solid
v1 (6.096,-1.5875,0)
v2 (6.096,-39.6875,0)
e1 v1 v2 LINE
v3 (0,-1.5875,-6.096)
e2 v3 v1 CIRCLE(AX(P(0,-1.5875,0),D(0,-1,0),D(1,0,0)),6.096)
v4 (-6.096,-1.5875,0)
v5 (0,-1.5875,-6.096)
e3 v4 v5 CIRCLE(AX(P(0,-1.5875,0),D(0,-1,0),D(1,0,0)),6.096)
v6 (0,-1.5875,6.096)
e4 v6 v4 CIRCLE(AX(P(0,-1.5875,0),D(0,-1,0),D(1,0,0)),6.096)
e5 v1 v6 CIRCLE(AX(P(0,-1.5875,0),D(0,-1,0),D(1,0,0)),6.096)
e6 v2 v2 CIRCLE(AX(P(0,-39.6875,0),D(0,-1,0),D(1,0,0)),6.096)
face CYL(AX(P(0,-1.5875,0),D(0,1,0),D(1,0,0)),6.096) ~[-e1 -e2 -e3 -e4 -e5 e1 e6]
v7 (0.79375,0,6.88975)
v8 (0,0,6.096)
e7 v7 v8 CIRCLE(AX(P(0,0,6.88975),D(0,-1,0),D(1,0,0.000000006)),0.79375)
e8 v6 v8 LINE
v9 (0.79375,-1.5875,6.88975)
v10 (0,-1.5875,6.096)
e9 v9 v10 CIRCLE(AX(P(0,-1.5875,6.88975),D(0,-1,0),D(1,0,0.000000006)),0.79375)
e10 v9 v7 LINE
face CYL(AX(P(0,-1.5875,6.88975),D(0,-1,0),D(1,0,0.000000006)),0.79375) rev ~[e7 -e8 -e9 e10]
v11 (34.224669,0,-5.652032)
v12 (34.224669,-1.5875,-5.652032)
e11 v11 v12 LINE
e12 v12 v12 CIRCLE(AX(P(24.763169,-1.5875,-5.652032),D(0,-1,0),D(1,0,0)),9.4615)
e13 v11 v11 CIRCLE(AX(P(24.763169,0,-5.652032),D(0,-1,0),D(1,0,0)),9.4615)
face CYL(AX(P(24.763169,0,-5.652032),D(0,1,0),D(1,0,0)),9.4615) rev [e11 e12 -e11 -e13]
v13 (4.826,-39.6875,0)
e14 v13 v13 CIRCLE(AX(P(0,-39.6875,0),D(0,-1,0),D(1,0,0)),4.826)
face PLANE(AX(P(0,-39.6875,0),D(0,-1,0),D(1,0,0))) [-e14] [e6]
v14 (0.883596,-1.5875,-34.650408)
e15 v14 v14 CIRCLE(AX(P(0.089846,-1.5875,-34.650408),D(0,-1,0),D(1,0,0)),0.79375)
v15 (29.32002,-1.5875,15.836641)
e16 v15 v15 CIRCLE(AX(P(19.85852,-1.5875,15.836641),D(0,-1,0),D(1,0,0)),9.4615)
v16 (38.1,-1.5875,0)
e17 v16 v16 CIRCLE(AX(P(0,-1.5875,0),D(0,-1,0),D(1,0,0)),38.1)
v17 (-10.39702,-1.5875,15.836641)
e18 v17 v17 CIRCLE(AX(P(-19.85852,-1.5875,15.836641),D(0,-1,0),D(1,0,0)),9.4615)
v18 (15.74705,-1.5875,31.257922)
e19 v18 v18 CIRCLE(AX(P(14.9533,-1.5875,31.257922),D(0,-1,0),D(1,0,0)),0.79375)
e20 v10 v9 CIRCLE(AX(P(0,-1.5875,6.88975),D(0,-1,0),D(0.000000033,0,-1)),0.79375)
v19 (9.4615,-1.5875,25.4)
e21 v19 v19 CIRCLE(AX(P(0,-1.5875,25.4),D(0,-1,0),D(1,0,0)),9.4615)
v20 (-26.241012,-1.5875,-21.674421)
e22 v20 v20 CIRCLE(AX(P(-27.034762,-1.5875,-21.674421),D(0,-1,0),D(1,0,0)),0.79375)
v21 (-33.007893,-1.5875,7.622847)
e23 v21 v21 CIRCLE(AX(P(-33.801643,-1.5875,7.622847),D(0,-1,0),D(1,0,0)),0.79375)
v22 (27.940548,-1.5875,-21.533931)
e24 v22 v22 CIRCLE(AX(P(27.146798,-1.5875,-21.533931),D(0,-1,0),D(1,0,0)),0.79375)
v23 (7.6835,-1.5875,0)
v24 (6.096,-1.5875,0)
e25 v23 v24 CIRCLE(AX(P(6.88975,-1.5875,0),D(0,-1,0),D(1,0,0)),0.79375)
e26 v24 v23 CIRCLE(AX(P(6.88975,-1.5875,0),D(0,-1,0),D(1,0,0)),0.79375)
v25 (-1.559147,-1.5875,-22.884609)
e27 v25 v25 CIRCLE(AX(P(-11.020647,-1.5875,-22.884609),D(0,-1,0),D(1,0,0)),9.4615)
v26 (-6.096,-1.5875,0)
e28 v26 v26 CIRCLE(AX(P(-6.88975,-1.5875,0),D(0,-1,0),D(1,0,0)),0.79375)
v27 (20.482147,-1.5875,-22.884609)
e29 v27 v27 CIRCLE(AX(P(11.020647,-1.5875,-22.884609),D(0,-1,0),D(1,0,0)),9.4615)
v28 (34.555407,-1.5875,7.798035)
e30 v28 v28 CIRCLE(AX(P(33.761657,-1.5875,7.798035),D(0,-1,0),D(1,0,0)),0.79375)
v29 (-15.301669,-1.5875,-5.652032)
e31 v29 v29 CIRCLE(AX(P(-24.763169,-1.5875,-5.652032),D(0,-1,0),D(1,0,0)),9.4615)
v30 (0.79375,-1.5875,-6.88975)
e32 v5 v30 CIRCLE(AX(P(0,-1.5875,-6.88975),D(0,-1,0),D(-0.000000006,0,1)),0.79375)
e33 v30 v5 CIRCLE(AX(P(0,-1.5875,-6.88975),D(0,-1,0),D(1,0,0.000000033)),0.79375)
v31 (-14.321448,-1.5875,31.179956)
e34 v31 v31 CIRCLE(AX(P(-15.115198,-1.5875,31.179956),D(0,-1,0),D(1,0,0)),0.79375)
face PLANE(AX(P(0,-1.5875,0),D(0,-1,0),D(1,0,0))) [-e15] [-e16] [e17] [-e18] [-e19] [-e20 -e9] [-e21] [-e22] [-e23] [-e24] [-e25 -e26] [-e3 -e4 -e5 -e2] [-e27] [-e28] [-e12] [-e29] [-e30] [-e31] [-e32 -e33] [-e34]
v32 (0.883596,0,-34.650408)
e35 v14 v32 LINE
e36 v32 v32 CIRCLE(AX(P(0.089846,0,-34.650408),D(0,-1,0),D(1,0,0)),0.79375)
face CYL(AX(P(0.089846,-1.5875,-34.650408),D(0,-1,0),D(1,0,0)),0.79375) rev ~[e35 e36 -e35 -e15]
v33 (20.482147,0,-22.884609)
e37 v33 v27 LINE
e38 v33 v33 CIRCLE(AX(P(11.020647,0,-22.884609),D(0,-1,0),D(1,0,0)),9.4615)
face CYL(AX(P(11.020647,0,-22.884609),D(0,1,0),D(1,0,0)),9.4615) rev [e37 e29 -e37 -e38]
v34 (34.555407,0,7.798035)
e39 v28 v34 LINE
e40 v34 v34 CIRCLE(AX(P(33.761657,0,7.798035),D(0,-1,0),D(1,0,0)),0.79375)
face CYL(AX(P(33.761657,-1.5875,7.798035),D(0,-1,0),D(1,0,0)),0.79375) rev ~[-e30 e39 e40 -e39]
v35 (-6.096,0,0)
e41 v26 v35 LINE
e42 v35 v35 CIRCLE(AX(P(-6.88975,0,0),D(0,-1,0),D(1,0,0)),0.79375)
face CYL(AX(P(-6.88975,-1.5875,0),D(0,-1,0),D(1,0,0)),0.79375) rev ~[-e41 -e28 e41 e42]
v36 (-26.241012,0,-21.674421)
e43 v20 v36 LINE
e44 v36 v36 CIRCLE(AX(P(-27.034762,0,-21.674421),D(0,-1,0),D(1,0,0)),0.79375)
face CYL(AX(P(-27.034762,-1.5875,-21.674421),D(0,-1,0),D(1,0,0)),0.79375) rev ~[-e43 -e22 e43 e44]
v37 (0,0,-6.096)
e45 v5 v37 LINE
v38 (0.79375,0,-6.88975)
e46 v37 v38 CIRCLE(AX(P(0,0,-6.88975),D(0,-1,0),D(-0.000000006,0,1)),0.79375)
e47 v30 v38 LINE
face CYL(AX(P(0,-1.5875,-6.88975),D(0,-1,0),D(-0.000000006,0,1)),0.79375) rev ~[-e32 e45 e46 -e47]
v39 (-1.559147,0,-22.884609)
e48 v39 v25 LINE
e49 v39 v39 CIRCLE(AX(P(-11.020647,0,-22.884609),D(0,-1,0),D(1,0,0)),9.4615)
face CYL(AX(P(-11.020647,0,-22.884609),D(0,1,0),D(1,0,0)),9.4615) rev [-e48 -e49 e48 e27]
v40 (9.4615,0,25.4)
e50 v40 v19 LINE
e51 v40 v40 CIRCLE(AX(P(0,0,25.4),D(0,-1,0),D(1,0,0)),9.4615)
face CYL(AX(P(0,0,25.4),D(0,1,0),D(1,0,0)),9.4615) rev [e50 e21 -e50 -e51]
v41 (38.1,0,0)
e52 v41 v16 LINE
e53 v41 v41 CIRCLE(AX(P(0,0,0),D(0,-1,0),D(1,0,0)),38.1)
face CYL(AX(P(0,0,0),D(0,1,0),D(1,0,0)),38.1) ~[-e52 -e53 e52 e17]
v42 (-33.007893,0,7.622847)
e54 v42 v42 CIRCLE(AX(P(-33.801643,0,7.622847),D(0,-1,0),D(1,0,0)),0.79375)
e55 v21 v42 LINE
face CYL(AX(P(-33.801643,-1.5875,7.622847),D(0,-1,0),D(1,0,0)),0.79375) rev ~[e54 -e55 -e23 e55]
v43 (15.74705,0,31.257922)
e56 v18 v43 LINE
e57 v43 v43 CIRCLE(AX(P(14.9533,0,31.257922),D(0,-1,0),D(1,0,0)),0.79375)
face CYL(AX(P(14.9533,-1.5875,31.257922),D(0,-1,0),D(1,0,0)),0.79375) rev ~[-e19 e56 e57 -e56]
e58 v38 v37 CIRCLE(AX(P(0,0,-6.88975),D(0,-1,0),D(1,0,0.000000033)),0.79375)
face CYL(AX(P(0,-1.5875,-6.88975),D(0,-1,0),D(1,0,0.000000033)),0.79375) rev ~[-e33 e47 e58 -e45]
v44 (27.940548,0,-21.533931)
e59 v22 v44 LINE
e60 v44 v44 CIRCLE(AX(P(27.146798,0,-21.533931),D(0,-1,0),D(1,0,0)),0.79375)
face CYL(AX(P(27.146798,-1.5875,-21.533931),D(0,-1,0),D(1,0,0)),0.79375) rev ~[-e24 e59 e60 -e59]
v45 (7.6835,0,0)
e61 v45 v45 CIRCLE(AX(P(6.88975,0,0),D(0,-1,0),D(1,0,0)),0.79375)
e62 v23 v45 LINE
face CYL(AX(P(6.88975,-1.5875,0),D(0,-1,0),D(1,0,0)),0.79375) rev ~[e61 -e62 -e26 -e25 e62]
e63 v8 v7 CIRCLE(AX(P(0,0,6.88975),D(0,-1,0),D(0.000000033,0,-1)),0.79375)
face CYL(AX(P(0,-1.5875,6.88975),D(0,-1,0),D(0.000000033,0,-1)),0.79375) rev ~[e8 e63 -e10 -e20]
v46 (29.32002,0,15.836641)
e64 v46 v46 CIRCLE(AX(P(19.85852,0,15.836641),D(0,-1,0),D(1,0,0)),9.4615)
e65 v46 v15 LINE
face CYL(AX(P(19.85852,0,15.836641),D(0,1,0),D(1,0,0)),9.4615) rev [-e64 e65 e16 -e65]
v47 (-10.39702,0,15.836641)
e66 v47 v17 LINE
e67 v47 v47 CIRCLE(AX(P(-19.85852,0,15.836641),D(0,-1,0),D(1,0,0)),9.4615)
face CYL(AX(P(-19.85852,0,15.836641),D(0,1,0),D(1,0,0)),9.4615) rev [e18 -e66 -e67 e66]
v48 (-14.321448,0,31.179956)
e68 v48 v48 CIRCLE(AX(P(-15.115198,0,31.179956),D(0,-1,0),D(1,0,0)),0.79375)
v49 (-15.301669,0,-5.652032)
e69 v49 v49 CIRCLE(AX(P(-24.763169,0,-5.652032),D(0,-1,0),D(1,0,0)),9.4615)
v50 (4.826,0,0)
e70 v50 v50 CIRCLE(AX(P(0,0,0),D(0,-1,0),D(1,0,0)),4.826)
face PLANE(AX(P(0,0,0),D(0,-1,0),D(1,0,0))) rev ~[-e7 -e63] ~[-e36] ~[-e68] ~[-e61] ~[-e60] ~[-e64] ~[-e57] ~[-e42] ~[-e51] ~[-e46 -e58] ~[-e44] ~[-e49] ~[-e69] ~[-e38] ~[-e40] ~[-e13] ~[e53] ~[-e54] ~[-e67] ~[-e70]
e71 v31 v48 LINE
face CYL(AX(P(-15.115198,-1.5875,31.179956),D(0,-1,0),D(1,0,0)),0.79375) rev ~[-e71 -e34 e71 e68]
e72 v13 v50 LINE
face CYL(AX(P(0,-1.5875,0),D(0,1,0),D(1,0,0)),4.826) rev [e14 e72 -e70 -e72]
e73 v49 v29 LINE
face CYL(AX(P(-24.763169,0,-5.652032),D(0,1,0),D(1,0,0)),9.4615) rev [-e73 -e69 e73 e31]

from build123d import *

# Parameters (mm, degrees)
F0_R     = 38.1
F0_R_2   = 9.4615
F0_R_3   = 4.826
F1_DEPTH = 1.5875
F2_R     = 6.096
F2_R_2   = 4.826
F3_DEPTH = 38.1
F4_R     = 0.79375
F5_DEPTH = 282.448


with BuildPart() as f1:
    # F0 (on Front) → F1 (new body)
    with BuildSketch(Plane.XZ):
        Circle(F0_R)
        with Locations((-11.020647, -22.884609)):
            Circle(F0_R_2, mode=Mode.SUBTRACT)
        with Locations((-24.763169, -5.652032)):
            Circle(F0_R_2, mode=Mode.SUBTRACT)
        with Locations((11.020647, -22.884609)):
            Circle(F0_R_2, mode=Mode.SUBTRACT)
        with Locations((24.763169, -5.652032)):
            Circle(F0_R_2, mode=Mode.SUBTRACT)
        with Locations((-19.85852, 15.836641)):
            Circle(F0_R_2, mode=Mode.SUBTRACT)
        Circle(F0_R_3, mode=Mode.SUBTRACT)
        with Locations((19.85852, 15.836641)):
            Circle(F0_R_2, mode=Mode.SUBTRACT)
        with Locations((0, 25.4)):
            Circle(F0_R_2, mode=Mode.SUBTRACT)
    extrude(amount=F1_DEPTH)

    # F2 (on face) → F3 (join)
    with BuildSketch(Plane.XZ.offset(1.5875)):
        Circle(F2_R)
        Circle(F2_R_2, mode=Mode.SUBTRACT)
    extrude(amount=F3_DEPTH)

    # F4 (on face) → F5 (cut)
    with BuildSketch(Plane.XZ.offset(1.5875)):
        with BuildLine():
            ThreePointArc((0.79375, -6.88975), (0.561266, -6.328484), (0, -6.096))
            ThreePointArc((0, -6.096), (-0.561266, -7.451016), (0.79375, -6.88975))
        make_face()
        with BuildLine():
            ThreePointArc((6.096, 0), (6.88975, -0.79375), (7.6835, 0))
            ThreePointArc((7.6835, 0), (6.88975, 0.79375), (6.096, 0))
        make_face()
        with Locations((27.146798, -21.533931)):
            Circle(F4_R)
        with Locations((33.761657, 7.798035)):
            Circle(F4_R)
        with Locations((0.089846, -34.650408)):
            Circle(F4_R)
        with Locations((-27.034762, -21.674421)):
            Circle(F4_R)
        with Locations((-33.801643, 7.622847)):
            Circle(F4_R)
        with Locations((-15.115198, 31.179956)):
            Circle(F4_R)
        with Locations((14.9533, 31.257922)):
            Circle(F4_R)
        with BuildLine():
            ThreePointArc((0.79375, 6.88975), (-0.561266, 7.451016), (0, 6.096))
            ThreePointArc((0, 6.096), (0.561266, 6.328484), (0.79375, 6.88975))
        make_face()
        with Locations((-6.88975, 0)):
            Circle(F4_R)
    extrude(amount=-F5_DEPTH, mode=Mode.SUBTRACT)


solid = f1.part
